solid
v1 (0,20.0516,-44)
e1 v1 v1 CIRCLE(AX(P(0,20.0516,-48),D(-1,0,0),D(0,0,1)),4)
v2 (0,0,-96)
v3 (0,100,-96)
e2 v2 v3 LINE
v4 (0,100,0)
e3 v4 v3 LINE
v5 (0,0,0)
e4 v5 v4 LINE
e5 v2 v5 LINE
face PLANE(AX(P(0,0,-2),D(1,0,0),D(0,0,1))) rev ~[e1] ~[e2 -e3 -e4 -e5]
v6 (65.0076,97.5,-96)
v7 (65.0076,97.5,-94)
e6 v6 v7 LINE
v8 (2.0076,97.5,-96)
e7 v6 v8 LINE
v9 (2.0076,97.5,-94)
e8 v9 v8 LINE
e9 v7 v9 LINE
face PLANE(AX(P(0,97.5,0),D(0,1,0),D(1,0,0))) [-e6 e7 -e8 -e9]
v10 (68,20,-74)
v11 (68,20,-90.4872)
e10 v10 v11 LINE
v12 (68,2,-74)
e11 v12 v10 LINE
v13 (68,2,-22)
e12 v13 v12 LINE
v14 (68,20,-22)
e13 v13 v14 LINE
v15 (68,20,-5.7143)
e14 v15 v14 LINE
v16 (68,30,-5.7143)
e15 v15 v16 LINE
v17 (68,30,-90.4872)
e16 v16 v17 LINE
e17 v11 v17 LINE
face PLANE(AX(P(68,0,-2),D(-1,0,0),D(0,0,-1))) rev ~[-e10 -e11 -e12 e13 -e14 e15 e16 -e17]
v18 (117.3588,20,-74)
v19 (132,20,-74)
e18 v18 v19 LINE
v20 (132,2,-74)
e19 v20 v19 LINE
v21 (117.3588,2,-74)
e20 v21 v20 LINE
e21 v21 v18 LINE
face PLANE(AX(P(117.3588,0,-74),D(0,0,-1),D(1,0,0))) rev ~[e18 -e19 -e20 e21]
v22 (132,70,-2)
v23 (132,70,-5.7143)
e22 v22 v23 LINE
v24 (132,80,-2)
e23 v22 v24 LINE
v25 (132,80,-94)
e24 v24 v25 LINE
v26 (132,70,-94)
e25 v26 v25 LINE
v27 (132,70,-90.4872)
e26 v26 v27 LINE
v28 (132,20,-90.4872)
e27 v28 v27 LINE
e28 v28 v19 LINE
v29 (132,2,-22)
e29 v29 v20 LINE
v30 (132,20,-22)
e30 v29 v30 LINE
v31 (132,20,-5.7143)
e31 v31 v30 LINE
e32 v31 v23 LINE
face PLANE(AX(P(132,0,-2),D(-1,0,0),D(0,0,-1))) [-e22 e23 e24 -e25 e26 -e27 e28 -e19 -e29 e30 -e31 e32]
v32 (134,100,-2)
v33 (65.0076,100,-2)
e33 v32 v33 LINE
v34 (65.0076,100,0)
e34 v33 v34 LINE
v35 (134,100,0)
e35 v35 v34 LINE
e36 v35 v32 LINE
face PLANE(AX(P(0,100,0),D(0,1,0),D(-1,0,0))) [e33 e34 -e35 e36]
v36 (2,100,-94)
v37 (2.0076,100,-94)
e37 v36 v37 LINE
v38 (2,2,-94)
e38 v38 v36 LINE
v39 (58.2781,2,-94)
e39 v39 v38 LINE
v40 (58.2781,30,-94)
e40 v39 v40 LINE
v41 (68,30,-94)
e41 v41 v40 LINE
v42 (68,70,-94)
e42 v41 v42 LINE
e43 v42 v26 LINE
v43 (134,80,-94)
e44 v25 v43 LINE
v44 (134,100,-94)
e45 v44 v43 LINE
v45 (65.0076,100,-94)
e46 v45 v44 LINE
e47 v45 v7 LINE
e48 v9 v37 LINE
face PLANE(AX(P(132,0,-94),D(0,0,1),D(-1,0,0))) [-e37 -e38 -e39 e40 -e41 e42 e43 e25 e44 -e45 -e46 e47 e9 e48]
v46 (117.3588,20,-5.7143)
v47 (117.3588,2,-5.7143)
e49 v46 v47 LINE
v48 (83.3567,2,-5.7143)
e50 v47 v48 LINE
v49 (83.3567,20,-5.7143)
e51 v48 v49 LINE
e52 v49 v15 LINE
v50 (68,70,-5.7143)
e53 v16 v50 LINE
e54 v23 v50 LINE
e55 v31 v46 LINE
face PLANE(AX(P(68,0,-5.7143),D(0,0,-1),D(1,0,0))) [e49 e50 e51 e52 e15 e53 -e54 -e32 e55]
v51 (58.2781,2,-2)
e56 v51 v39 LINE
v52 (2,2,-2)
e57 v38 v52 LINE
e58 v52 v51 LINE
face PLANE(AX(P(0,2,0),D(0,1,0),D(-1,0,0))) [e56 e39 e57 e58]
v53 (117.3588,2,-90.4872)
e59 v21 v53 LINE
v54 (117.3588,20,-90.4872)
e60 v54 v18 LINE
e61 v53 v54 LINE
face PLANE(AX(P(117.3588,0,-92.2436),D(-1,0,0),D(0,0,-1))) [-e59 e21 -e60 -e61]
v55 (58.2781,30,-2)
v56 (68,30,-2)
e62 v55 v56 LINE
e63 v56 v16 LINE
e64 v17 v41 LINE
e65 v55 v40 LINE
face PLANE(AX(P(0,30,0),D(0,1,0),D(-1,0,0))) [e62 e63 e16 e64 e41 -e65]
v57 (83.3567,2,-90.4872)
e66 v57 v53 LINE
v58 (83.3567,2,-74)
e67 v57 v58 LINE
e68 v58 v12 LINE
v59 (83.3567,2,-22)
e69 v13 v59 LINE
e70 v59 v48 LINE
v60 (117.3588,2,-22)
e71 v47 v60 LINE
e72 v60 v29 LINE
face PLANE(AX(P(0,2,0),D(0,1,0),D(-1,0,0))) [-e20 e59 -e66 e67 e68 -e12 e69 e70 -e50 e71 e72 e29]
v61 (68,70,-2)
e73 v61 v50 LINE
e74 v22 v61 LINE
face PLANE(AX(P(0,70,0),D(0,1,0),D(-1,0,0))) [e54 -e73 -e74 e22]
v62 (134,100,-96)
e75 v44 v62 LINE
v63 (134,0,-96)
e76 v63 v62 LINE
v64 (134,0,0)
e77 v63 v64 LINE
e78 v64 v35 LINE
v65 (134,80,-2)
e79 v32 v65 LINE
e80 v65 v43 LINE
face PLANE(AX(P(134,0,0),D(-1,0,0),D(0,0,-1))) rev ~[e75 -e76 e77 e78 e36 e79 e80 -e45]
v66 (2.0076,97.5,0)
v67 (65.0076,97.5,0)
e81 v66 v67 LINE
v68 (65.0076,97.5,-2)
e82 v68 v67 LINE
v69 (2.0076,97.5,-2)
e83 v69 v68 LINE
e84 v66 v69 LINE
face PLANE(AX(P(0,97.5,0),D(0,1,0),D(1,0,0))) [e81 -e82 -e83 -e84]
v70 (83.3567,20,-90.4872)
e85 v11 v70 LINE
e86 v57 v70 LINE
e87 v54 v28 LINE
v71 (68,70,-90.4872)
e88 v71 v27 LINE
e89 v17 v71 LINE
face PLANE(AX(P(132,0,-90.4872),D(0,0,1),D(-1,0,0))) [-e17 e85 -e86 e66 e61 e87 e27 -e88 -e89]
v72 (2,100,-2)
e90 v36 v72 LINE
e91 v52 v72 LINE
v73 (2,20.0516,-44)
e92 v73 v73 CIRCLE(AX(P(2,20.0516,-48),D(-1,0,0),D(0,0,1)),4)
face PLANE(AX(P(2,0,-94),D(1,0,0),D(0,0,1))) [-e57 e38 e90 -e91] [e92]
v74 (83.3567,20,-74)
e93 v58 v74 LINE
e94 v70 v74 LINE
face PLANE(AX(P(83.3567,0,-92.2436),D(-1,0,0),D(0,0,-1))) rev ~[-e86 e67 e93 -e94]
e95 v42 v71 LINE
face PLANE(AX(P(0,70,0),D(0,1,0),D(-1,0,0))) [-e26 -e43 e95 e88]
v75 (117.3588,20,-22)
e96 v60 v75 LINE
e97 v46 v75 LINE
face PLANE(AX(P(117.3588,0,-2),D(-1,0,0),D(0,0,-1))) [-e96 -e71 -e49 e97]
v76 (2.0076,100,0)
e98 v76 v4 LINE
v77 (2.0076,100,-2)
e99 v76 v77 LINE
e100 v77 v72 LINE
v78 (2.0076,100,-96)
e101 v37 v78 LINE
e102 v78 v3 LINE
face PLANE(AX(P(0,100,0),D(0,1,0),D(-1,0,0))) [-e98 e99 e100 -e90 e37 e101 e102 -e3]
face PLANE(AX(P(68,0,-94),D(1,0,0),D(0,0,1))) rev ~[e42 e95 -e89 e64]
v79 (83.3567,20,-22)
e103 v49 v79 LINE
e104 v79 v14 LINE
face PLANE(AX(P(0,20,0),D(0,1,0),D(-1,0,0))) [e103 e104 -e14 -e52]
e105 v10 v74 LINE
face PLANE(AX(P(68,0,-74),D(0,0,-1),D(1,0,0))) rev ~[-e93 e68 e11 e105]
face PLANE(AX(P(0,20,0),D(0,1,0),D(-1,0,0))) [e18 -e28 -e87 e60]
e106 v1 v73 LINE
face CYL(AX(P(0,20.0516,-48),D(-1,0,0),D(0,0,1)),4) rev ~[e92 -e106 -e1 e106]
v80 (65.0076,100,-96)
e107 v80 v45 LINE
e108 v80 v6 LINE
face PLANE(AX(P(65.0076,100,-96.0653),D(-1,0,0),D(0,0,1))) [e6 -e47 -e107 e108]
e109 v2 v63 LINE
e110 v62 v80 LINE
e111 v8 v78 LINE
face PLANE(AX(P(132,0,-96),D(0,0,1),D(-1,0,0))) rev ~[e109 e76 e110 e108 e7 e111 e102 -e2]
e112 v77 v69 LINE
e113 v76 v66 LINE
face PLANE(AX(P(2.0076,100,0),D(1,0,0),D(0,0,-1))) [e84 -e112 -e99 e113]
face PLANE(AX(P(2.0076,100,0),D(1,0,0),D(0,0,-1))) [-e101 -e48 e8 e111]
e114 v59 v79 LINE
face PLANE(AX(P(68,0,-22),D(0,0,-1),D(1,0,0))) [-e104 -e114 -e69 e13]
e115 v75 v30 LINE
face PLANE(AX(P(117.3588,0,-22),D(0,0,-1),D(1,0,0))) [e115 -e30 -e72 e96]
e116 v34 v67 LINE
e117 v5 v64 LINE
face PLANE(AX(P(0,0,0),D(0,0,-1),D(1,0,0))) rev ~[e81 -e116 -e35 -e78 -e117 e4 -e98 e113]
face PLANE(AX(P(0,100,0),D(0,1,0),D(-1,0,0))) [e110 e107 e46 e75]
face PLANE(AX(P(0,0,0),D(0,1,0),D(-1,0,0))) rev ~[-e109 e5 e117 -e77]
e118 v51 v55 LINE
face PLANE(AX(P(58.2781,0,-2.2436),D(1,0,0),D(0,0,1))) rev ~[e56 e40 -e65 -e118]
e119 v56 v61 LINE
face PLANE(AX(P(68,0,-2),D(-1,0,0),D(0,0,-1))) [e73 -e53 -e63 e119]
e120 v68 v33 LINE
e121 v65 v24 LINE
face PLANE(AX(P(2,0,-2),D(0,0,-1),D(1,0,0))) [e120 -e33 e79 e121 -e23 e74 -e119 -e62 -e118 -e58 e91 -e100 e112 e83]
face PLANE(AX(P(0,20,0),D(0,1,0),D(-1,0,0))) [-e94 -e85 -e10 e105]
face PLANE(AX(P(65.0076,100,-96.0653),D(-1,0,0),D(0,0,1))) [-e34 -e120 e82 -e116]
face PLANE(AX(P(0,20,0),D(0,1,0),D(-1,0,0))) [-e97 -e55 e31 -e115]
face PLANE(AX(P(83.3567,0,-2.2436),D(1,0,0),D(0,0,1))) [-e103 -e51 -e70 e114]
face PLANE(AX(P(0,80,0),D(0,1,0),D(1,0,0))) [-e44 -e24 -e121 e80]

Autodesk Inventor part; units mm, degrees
ref_plane "YZ Plane" through (0, 0, 0) normal (1, 0, 0) x (0, 1, 0)
ref_plane "XZ Plane" through (0, 0, 0) normal (0, 1, 0) x (-1, 0, 0)
ref_plane "XY Plane" through (0, 0, 0) normal (0, 0, 1) x (1, 0, 0)
sketch "Sketch1" plane through (0, 0, 0) normal (0, 1, 0) x (-1, 0, 0)
  line L0 (0, 0) -> (-134, 0)
  line L1 (-134, 0) -> (-134, -96)
  line L2 (-134, -96) -> (0, -96)
  line L3 (0, -96) -> (0, 0)
  line L4 (0, 0) -> (-2, 0)
  line L5 (-2, 0) -> (-2, -2)
  line L6 (-2, -2) -> (0, -2)
  line L7 (0, -2) -> (0, 0)
  line L8 (-134, -96) -> (-132, -96)
  line L9 (-132, -96) -> (-132, -94)
  line L10 (-132, -94) -> (-134, -94)
  line L11 (-134, -94) -> (-134, -96)
  line L12 (-2, -2) -> (-132, -2)
  line L13 (-132, -2) -> (-132, -94)
  line L14 (-132, -94) -> (-2, -94)
  line L15 (-2, -94) -> (-2, -2)
  line L16 (-132, -94) -> (-68, -94)
  line L17 (-68, -94) -> (-68, -74)
  line L18 (-68, -74) -> (-132, -74)
  line L19 (-132, -74) -> (-132, -94)
  line L20 (-132, -2) -> (-68, -2)
  line L21 (-68, -2) -> (-68, -22)
  line L22 (-68, -22) -> (-132, -22)
  line L23 (-132, -22) -> (-132, -2)
  line L24 (-132, -74) -> (-71.6783, -74)
  line L25 (-71.6783, -22) -> (-132, -22)
  line L26 (-71.6783, -74) -> (-71.6783, -22)
  line L27 (-71.6783, -88.5049) -> (-132, -88.5049)
  line L28 (-132, -88.5049) -> (-132, -7.5049)
  line L29 (-132, -7.5049) -> (-71.6783, -7.5049)
  line L30 (-71.6783, -7.5049) -> (-71.6783, -88.5049)
  line L31 (-68, -94) -> (-58.2781, -94)
  line L32 (-58.2781, -94) -> (-58.2781, -2)
  line L33 (-58.2781, -2) -> (-68, -2)
  line L34 (-68, -2) -> (-68, -94)
  line L35 (-2, -94) -> (-58.2781, -94)
  line L36 (-58.2781, -94) -> (-58.2781, -2)
  line L37 (-58.2781, -2) -> (-2, -2)
  line L38 (-2, -2) -> (-2, -94)
  line L39 (-68, -74) -> (-83.3567, -74)
  line L40 (-83.3567, -74) -> (-83.3567, -94)
  line L41 (-83.3567, -94) -> (-68, -94)
  line L42 (-68, -94) -> (-68, -74)
  line L43 (-132, -74) -> (-117.3588, -74)
  line L44 (-117.3588, -74) -> (-117.3588, -94)
  line L45 (-117.3588, -94) -> (-132, -94)
  line L46 (-132, -94) -> (-132, -74)
  line L47 (-68, -22) -> (-83.3567, -22)
  line L48 (-83.3567, -22) -> (-83.3567, -2)
  line L49 (-83.3567, -2) -> (-68, -2)
  line L50 (-68, -2) -> (-68, -22)
  line L51 (-117.3588, -22) -> (-132, -22)
  line L52 (-132, -22) -> (-132, -2)
  line L53 (-132, -2) -> (-117.3588, -2)
  line L54 (-117.3588, -2) -> (-117.3588, -22)
  line L55 (-68, -5.7143) -> (-132, -5.7143)
  line L56 (-132, -5.7143) -> (-132, -2)
  line L57 (-132, -2) -> (-68, -2)
  line L58 (-68, -2) -> (-68, -5.7143)
  line L59 (-68, -94) -> (-132, -94)
  line L60 (-132, -94) -> (-132, -90.4872)
  line L61 (-132, -90.4872) -> (-68, -90.4872)
  line L62 (-68, -90.4872) -> (-68, -94)
  line L63 (-132, -92.2436) -> (-29, -92.2436)
  line L64 (-29, -92.2436) -> (-29, -2.2436)
  line L65 (-29, -2.2436) -> (-132, -2.2436)
  line L66 (-132, -2.2436) -> (-132, -92.2436)
  point P0 (-83.3567, -2)
  point P1 (-83.3567, -7.5049)
  point P2 (-117.3588, -7.5049)
  point P3 (-132, -7.5049)
  point P4 (-132, -88.5049)
  point P5 (-117.3588, -88.5049)
  point P6 (-83.3567, -88.5049)
  dimension "d0" = 134
  dimension "d1" = 96
  dimension "d2" = 2
  dimension "d3" = 2
  dimension "d4" = 2
  dimension "d5" = 2
  dimension "d6" = 64
  dimension "d7" = 64
  dimension "d9" = 20
  dimension "d10" = 20
  dimension "d11" = 81
  dimension "d22" = 5.5049
  dimension "d23" = 90
  dimension "d24" = 103
extrude "Extrusion1" add sketch "Sketch1" along normal blind 100 contours L3 L6 L5 L0 | L5 L12 L13 L10 L1 L0 | L3 L2 L9 L14 L15 L6 | L10 L9 L2 L1
extrude "Extrusion2" add sketch "Sketch1" along normal blind 20 contours L13 L63 L44 L14 | L21 L65 L48 L12 | L13 L61 L44 L63 | L21 L55 L48 L65 | L14 L40 L63 L17 | L13 L27 L44 L61 | L54 L65 L13 L12 | L21 L22 L30 L29 L48 L55 | L63 L40 L61 L17 | L13 L18 L44 L27 | L54 L55 L13 L65 | L61 L40 L27 L30 L18 L17 | L54 L29 L13 L55 | L29 L30 L22 L48 | L13 L29 L54 L22 | L40 L18 L30 L27
extrude "Extrusion3" add sketch "Sketch1" along normal blind 30 contours L32 L65 L21 L12 | L32 L63 L17 L34 L21 L65 | L14 L17 L63 L32
extrude "Extrusion4" add sketch "Sketch1" along normal blind 2 contours L15 L14 L32 L63 L64 L65 L12 | L65 L64 L63 L32 | L44 L63 L40 L14 | L48 L65 L54 L12 | L44 L61 L40 L63 | L48 L55 L54 L65 | L13 L18 L44 L27 | L44 L27 L40 L61 | L48 L29 L54 L55 | L34 L18 L26 L22 | L13 L22 L26 L18 | L44 L18 L40 L27 | L48 L22 L54 L29 | L29 L30 L22 L48 | L13 L29 L54 L22 | L40 L18 L30 L27
sketch "Sketch2" plane through (0, 0, 0) normal (0, 0, 1) x (1, 0, 0)
  line L0 (132, 20) -> (132, 100) projected
  line L1 (132, 70) -> (60, 70)
  line L2 (83.3567, 20) -> (68, 20) projected
  line L3 (60, 70) -> (132, 70)
  line L4 (132, 70) -> (132, 65.2658)
  line L5 (132, 65.2658) -> (60, 65.2658)
  line L6 (60, 65.2658) -> (60, 70)
  point P0 (0, 0)
  dimension "d20" = 50
  dimension "d21" = 72
extrude "Extrusion5" add sketch "Sketch1" along normal blind 70 contours L13 L63 L44 L14 | L21 L65 L48 L12 | L13 L61 L44 L63 | L44 L63 L40 L14 | L48 L65 L54 L12 | L21 L55 L48 L65 | L14 L40 L63 L17 | L44 L61 L40 L63 | L54 L65 L13 L12 | L48 L55 L54 L65 | L63 L40 L61 L17 | L54 L55 L13 L65
sketch "Sketch3" plane through (0, 100, 0) normal (0, 1, 0) x (1, 0, 0)
  line L0 (0, 0) -> (134, 0) projected
  line L1 (2.0076, 96.0653) -> (65.0076, 96.0653)
  line L2 (65.0076, 96.0653) -> (65.0076, 0)
  line L3 (65.0076, 0) -> (2.0076, 0)
  line L4 (2.0076, 0) -> (2.0076, 96.0653)
  dimension "d27" = 63
extrude "Extrusion6" cut sketch "Sketch3" against normal blind 2.5
sketch "Sketch4" plane through (0, 0, -96) normal (-1, 0, 0) x (0, 0, 1)
  line L0 (2, 2) -> (2, 100) projected
  line L1 (94, 2) -> (2, 2) projected
  line L2 (2, 2) -> (94, 2)
  circle A0 centre (48, 20.0516) radius 4
  point P0 (96, 0)
  dimension "d30" = 8
sketch "Sketch5" plane through (0, 100, 0) normal (0, 1, 0) x (1, 0, 0)
  line L0 (134, 0) -> (134, 96) projected
  line L1 (132, 94) -> (134, 94)
  line L2 (134, 94) -> (134, 2)
  line L3 (134, 2) -> (132, 2)
  line L4 (132, 2) -> (132, 94)
  point P0 (0, 0)
  dimension "d31" = 92
extrude "Extrusion7" cut sketch "Sketch5" against normal blind 20
extrude "Extrusion8" cut sketch "Sketch4" against normal blind 20
properties part number "FINALE"
